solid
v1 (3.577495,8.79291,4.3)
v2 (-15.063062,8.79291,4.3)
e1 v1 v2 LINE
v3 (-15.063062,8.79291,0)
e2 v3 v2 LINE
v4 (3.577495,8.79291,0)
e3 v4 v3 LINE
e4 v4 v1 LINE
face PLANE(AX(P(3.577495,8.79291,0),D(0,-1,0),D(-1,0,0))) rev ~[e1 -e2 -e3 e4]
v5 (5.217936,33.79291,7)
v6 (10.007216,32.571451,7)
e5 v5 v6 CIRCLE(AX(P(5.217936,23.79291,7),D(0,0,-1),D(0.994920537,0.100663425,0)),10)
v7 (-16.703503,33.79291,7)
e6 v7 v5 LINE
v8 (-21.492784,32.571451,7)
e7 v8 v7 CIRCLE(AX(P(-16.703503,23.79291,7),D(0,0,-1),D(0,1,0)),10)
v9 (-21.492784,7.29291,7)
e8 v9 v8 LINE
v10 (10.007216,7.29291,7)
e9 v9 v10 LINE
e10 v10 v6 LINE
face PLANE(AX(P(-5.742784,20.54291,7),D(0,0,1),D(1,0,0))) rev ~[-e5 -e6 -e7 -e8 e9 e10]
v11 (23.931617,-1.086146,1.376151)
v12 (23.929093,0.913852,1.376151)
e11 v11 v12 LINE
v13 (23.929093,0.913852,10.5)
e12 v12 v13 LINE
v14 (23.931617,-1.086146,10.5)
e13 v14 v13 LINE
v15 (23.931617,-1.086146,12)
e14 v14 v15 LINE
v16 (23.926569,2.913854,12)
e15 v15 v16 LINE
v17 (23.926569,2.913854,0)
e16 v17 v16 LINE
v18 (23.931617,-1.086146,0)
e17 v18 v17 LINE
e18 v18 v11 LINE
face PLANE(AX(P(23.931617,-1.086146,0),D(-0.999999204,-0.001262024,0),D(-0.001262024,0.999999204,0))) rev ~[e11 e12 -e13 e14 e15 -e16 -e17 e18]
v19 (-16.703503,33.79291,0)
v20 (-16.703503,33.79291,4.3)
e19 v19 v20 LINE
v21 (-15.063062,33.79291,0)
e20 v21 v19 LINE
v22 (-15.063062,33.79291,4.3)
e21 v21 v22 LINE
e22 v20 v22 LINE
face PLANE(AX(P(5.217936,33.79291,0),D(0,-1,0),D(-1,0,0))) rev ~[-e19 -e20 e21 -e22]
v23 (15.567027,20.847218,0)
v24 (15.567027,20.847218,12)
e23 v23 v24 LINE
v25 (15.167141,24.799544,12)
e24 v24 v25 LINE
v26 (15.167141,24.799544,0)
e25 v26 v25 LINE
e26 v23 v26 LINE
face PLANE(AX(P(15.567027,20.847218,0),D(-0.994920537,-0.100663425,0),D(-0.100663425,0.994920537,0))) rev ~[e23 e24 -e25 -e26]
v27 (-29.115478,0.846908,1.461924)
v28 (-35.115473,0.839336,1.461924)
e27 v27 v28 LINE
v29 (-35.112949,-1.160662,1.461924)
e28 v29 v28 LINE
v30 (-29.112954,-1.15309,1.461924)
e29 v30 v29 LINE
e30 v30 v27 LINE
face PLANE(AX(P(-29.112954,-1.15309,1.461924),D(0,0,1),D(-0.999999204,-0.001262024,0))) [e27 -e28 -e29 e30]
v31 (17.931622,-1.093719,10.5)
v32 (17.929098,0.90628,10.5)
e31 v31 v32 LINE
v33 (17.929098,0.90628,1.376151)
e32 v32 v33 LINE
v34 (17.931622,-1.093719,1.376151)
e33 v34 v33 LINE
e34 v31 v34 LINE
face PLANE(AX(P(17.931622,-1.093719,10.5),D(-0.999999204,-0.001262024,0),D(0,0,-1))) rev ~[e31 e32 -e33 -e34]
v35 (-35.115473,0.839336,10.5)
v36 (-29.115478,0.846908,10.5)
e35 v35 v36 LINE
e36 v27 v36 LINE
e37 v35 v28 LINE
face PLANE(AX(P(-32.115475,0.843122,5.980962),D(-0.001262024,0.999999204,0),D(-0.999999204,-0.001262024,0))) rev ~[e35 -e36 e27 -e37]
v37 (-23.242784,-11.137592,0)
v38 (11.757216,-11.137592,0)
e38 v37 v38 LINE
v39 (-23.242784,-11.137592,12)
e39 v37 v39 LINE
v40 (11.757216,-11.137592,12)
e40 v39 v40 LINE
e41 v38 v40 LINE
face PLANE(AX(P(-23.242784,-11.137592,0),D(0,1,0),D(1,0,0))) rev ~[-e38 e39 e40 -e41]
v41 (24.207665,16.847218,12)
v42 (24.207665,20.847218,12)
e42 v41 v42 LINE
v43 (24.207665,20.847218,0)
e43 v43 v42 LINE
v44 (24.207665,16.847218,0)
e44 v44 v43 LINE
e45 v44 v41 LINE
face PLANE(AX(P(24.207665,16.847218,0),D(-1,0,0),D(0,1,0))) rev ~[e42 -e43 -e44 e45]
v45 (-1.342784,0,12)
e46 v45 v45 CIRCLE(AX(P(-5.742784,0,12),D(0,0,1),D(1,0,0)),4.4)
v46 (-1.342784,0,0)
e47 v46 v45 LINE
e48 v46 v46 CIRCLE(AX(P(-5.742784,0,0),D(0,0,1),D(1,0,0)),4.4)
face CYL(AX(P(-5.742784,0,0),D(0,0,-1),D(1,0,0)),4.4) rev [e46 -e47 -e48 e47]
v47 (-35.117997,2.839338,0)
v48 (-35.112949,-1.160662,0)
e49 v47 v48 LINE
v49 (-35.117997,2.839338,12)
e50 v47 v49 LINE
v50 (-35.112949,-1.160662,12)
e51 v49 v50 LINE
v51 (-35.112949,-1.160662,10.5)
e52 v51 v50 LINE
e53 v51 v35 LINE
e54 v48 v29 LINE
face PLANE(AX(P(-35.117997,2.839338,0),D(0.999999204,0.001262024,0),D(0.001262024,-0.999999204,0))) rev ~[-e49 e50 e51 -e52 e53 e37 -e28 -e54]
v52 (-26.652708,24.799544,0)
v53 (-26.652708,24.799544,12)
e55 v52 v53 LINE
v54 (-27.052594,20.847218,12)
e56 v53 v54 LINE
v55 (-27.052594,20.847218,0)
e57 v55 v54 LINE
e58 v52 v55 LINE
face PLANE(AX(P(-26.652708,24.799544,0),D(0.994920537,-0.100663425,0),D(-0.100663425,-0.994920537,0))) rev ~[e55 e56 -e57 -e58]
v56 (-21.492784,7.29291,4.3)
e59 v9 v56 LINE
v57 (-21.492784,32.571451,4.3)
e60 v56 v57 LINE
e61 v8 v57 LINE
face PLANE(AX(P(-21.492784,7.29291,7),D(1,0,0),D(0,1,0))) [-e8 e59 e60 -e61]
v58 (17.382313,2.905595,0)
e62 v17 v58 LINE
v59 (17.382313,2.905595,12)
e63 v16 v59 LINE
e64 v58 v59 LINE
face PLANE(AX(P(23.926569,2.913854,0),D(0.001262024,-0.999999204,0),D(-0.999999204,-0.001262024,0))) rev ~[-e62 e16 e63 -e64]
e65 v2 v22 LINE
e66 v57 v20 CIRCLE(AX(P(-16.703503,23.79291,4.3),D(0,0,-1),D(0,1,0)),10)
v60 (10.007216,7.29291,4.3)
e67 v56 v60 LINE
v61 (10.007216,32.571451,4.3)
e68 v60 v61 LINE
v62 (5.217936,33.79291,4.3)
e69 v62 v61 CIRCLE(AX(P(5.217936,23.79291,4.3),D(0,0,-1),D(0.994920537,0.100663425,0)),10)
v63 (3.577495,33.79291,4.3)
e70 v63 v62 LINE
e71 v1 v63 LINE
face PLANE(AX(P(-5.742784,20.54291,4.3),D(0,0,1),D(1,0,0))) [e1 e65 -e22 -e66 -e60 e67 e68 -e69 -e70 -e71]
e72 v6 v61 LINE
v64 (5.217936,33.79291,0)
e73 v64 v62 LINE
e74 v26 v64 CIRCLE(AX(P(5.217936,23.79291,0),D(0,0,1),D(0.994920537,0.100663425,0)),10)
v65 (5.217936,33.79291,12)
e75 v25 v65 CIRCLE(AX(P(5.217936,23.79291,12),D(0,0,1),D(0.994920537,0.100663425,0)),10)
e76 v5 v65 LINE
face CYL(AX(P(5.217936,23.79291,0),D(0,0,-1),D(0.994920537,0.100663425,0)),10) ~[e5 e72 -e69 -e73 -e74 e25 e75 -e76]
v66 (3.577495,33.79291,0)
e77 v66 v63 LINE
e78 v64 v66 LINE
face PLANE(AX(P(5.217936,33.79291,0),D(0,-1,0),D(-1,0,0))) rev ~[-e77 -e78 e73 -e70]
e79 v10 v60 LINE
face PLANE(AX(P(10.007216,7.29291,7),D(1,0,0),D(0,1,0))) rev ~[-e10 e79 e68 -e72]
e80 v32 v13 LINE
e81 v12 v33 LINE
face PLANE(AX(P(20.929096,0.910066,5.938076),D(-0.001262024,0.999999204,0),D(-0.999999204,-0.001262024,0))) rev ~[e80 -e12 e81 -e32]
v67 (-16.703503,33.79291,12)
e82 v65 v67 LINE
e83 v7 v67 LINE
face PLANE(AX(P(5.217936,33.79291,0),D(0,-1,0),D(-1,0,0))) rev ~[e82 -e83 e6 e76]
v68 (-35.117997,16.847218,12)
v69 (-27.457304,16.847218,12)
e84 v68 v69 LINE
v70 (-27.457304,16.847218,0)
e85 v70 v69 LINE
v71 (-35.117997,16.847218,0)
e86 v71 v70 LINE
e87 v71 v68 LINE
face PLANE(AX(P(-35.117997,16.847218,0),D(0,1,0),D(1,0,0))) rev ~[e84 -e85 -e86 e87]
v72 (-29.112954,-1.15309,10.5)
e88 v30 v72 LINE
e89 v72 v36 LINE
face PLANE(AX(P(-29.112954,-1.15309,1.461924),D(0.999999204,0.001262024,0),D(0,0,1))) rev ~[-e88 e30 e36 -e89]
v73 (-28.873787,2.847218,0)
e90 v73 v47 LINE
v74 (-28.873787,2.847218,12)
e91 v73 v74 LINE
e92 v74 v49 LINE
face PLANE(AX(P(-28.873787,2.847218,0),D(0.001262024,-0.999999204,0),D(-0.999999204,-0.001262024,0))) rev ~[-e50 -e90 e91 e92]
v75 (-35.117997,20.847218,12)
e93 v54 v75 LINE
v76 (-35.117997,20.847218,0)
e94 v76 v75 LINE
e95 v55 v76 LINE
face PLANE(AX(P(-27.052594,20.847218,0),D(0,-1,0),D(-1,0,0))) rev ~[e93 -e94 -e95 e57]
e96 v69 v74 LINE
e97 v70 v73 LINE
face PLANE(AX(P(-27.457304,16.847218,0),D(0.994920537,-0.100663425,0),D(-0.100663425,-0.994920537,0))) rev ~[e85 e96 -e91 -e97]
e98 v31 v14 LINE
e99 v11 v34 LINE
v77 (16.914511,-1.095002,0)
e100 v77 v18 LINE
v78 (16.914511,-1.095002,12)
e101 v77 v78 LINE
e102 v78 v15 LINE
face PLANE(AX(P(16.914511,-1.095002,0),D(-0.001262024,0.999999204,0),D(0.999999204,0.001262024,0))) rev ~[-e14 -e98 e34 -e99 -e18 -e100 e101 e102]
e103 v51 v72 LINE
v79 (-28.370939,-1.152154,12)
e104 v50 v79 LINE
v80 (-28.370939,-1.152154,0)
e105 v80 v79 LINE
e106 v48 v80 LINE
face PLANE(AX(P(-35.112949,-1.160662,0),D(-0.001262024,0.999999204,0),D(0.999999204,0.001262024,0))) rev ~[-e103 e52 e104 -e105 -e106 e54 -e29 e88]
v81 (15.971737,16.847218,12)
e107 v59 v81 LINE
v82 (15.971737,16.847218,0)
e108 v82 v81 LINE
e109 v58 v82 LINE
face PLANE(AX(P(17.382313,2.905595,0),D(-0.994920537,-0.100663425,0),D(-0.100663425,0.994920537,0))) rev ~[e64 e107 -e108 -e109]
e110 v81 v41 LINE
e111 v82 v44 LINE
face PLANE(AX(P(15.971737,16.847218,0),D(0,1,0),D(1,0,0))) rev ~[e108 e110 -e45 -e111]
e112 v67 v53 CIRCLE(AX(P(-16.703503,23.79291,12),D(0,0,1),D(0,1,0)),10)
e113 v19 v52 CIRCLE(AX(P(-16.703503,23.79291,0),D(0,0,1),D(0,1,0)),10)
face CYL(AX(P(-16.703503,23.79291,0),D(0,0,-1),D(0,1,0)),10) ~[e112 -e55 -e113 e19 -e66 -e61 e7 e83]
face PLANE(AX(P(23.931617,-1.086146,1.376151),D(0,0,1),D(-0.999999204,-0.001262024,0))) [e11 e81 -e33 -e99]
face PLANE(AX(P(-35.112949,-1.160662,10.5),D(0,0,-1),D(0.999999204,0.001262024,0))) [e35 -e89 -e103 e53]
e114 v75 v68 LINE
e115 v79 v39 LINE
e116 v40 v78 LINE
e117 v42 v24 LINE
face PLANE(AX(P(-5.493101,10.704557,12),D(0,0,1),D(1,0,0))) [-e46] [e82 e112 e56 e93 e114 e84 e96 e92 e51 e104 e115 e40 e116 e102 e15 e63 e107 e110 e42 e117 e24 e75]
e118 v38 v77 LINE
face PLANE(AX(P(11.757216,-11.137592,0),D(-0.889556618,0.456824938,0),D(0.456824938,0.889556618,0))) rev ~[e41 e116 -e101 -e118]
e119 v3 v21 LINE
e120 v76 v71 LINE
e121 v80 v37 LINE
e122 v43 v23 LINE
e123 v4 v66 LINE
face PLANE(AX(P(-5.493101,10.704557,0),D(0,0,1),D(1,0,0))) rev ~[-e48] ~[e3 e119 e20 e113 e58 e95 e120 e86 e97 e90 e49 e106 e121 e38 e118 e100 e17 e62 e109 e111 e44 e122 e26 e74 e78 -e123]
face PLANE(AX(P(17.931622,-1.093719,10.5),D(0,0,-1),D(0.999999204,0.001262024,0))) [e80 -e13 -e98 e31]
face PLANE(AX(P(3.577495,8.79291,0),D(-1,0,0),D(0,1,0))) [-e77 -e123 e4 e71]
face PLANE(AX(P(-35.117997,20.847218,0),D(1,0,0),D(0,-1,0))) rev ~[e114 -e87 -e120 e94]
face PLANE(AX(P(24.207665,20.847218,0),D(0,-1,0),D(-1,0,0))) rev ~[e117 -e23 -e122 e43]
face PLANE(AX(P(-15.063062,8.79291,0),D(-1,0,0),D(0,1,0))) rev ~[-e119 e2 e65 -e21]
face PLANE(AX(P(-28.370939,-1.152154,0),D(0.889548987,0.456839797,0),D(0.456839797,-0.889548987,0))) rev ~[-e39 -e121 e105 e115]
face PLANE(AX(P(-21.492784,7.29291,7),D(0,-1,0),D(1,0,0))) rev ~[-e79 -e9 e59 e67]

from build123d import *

# Parameters (mm, degrees)
SKETCH2_R           = 4.4
BOSS_EXTRUDE1_DEPTH = 12
CUT_EXTRUDE1_DEPTH  = 2
SKETCH4_W           = 31.5
SKETCH4_H           = 26.5
CUT_EXTRUDE2_DEPTH  = 2.7
CUT_EXTRUDE3_REACH  = 14
SKETCH5_W           = 18.640557444
SKETCH5_H           = 25


with BuildPart() as part:
    # Sketch2 → Boss-Extrude1 (new body)
    with BuildSketch(Plane.XY):
        with BuildLine():
            Line((-26.652708458, 24.799544054), (-27.052594325, 20.847218157))
            Line((-27.052594325, 20.847218157), (-35.117996865, 20.847218157))
            Line((-35.117996865, 20.847218157), (-35.117996865, 16.847218157))
            Line((-35.117996865, 16.847218157), (-27.457303732, 16.847218157))
            Line((-27.457303732, 16.847218157), (-28.873786654, 2.847218157))
            Line((-28.873786654, 2.847218157), (-35.117996865, 2.839337807))
            Line((-35.117996865, 2.839337807), (-35.112948764, -1.160662193))
            Line((-35.112948764, -1.160662193), (-28.37093921, -1.152153607))
            Line((-28.37093921, -1.152153607), (-23.24278353, -11.137592085))
            Line((-23.24278353, -11.137592085), (11.75721647, -11.137592085))
            Line((11.75721647, -11.137592085), (16.91451101, -1.09500223))
            Line((16.91451101, -1.09500223), (23.93161739, -1.086146466))
            Line((23.93161739, -1.086146466), (23.92656929, 2.913853534))
            Line((23.92656929, 2.913853534), (17.382313229, 2.905594519))
            Line((17.382313229, 2.905594519), (15.971736672, 16.847218157))
            Line((15.971736672, 16.847218157), (24.207665477, 16.847218157))
            Line((24.207665477, 16.847218157), (24.207665477, 20.847218157))
            Line((24.207665477, 20.847218157), (15.567027266, 20.847218157))
            Line((15.567027266, 20.847218157), (15.167141399, 24.799544054))
            ThreePointArc((15.167141399, 24.799544054), (11.923667067, 31.21134436), (5.217936029, 33.792909804))
            Line((5.217936029, 33.792909804), (-16.703503089, 33.792909804))
            ThreePointArc((-16.703503089, 33.792909804), (-23.409234126, 31.21134436), (-26.652708458, 24.799544054))
        make_face()
        with Locations((-5.74278353, 0)):
            Circle(SKETCH2_R, mode=Mode.SUBTRACT)
    extrude(amount=BOSS_EXTRUDE1_DEPTH)

    # Sketch3 → Cut-Extrude1 (cut)
    with BuildSketch(Plane(origin=(0.001408858, -1.116346991, 0), x_dir=(0.999999204, 0.001262024, 0), z_dir=(0.001262024, -0.999999204, 0))):
        Polygon((-35.114385586, 10.5), (-29.114385586, 10.5), (-29.114385586, 8.5), (-29.114385586, 3.523848556), (-29.114385586, 1.461924081), (-35.114385586, 1.461924081), (-35.114385586, 3.523848556), (-35.114385586, 8.5), align=None)
        Polygon((17.930227589, 10.5), (23.930227589, 10.5), (23.930227589, 8.5), (23.930227589, 3.438075525), (23.930227589, 1.376151049), (17.930227589, 1.376151049), (17.930227589, 3.438075525), (17.930227589, 8.5), align=None)
    extrude(amount=-CUT_EXTRUDE1_DEPTH, mode=Mode.SUBTRACT)

    # Sketch4 → Cut-Extrude2 (cut)
    with BuildSketch(Plane.XY.offset(7)):
        with Locations((-5.74278353, 20.542909804)):
            Rectangle(SKETCH4_W, SKETCH4_H)
    extrude(amount=-CUT_EXTRUDE2_DEPTH, mode=Mode.SUBTRACT)

    # Sketch5 → Cut-Extrude3 (cut, up to next)
    with BuildSketch(Plane(origin=(0, 0, 0), x_dir=(-1, 0, 0), z_dir=(0, 0, -1)), mode=Mode.PRIVATE) as cut_extrude3_sk1:
        with Locations((5.74278353, 21.292909804)):
            Rectangle(SKETCH5_W, SKETCH5_H)
    cut_extrude3_tool1 = extrude(cut_extrude3_sk1.sketch, amount=-CUT_EXTRUDE3_REACH, mode=Mode.PRIVATE) & part.part
    add(cut_extrude3_tool1.solids().sort_by_distance((-5.742784, 21.29291, 0))[0], mode=Mode.SUBTRACT)


solid = part.part
